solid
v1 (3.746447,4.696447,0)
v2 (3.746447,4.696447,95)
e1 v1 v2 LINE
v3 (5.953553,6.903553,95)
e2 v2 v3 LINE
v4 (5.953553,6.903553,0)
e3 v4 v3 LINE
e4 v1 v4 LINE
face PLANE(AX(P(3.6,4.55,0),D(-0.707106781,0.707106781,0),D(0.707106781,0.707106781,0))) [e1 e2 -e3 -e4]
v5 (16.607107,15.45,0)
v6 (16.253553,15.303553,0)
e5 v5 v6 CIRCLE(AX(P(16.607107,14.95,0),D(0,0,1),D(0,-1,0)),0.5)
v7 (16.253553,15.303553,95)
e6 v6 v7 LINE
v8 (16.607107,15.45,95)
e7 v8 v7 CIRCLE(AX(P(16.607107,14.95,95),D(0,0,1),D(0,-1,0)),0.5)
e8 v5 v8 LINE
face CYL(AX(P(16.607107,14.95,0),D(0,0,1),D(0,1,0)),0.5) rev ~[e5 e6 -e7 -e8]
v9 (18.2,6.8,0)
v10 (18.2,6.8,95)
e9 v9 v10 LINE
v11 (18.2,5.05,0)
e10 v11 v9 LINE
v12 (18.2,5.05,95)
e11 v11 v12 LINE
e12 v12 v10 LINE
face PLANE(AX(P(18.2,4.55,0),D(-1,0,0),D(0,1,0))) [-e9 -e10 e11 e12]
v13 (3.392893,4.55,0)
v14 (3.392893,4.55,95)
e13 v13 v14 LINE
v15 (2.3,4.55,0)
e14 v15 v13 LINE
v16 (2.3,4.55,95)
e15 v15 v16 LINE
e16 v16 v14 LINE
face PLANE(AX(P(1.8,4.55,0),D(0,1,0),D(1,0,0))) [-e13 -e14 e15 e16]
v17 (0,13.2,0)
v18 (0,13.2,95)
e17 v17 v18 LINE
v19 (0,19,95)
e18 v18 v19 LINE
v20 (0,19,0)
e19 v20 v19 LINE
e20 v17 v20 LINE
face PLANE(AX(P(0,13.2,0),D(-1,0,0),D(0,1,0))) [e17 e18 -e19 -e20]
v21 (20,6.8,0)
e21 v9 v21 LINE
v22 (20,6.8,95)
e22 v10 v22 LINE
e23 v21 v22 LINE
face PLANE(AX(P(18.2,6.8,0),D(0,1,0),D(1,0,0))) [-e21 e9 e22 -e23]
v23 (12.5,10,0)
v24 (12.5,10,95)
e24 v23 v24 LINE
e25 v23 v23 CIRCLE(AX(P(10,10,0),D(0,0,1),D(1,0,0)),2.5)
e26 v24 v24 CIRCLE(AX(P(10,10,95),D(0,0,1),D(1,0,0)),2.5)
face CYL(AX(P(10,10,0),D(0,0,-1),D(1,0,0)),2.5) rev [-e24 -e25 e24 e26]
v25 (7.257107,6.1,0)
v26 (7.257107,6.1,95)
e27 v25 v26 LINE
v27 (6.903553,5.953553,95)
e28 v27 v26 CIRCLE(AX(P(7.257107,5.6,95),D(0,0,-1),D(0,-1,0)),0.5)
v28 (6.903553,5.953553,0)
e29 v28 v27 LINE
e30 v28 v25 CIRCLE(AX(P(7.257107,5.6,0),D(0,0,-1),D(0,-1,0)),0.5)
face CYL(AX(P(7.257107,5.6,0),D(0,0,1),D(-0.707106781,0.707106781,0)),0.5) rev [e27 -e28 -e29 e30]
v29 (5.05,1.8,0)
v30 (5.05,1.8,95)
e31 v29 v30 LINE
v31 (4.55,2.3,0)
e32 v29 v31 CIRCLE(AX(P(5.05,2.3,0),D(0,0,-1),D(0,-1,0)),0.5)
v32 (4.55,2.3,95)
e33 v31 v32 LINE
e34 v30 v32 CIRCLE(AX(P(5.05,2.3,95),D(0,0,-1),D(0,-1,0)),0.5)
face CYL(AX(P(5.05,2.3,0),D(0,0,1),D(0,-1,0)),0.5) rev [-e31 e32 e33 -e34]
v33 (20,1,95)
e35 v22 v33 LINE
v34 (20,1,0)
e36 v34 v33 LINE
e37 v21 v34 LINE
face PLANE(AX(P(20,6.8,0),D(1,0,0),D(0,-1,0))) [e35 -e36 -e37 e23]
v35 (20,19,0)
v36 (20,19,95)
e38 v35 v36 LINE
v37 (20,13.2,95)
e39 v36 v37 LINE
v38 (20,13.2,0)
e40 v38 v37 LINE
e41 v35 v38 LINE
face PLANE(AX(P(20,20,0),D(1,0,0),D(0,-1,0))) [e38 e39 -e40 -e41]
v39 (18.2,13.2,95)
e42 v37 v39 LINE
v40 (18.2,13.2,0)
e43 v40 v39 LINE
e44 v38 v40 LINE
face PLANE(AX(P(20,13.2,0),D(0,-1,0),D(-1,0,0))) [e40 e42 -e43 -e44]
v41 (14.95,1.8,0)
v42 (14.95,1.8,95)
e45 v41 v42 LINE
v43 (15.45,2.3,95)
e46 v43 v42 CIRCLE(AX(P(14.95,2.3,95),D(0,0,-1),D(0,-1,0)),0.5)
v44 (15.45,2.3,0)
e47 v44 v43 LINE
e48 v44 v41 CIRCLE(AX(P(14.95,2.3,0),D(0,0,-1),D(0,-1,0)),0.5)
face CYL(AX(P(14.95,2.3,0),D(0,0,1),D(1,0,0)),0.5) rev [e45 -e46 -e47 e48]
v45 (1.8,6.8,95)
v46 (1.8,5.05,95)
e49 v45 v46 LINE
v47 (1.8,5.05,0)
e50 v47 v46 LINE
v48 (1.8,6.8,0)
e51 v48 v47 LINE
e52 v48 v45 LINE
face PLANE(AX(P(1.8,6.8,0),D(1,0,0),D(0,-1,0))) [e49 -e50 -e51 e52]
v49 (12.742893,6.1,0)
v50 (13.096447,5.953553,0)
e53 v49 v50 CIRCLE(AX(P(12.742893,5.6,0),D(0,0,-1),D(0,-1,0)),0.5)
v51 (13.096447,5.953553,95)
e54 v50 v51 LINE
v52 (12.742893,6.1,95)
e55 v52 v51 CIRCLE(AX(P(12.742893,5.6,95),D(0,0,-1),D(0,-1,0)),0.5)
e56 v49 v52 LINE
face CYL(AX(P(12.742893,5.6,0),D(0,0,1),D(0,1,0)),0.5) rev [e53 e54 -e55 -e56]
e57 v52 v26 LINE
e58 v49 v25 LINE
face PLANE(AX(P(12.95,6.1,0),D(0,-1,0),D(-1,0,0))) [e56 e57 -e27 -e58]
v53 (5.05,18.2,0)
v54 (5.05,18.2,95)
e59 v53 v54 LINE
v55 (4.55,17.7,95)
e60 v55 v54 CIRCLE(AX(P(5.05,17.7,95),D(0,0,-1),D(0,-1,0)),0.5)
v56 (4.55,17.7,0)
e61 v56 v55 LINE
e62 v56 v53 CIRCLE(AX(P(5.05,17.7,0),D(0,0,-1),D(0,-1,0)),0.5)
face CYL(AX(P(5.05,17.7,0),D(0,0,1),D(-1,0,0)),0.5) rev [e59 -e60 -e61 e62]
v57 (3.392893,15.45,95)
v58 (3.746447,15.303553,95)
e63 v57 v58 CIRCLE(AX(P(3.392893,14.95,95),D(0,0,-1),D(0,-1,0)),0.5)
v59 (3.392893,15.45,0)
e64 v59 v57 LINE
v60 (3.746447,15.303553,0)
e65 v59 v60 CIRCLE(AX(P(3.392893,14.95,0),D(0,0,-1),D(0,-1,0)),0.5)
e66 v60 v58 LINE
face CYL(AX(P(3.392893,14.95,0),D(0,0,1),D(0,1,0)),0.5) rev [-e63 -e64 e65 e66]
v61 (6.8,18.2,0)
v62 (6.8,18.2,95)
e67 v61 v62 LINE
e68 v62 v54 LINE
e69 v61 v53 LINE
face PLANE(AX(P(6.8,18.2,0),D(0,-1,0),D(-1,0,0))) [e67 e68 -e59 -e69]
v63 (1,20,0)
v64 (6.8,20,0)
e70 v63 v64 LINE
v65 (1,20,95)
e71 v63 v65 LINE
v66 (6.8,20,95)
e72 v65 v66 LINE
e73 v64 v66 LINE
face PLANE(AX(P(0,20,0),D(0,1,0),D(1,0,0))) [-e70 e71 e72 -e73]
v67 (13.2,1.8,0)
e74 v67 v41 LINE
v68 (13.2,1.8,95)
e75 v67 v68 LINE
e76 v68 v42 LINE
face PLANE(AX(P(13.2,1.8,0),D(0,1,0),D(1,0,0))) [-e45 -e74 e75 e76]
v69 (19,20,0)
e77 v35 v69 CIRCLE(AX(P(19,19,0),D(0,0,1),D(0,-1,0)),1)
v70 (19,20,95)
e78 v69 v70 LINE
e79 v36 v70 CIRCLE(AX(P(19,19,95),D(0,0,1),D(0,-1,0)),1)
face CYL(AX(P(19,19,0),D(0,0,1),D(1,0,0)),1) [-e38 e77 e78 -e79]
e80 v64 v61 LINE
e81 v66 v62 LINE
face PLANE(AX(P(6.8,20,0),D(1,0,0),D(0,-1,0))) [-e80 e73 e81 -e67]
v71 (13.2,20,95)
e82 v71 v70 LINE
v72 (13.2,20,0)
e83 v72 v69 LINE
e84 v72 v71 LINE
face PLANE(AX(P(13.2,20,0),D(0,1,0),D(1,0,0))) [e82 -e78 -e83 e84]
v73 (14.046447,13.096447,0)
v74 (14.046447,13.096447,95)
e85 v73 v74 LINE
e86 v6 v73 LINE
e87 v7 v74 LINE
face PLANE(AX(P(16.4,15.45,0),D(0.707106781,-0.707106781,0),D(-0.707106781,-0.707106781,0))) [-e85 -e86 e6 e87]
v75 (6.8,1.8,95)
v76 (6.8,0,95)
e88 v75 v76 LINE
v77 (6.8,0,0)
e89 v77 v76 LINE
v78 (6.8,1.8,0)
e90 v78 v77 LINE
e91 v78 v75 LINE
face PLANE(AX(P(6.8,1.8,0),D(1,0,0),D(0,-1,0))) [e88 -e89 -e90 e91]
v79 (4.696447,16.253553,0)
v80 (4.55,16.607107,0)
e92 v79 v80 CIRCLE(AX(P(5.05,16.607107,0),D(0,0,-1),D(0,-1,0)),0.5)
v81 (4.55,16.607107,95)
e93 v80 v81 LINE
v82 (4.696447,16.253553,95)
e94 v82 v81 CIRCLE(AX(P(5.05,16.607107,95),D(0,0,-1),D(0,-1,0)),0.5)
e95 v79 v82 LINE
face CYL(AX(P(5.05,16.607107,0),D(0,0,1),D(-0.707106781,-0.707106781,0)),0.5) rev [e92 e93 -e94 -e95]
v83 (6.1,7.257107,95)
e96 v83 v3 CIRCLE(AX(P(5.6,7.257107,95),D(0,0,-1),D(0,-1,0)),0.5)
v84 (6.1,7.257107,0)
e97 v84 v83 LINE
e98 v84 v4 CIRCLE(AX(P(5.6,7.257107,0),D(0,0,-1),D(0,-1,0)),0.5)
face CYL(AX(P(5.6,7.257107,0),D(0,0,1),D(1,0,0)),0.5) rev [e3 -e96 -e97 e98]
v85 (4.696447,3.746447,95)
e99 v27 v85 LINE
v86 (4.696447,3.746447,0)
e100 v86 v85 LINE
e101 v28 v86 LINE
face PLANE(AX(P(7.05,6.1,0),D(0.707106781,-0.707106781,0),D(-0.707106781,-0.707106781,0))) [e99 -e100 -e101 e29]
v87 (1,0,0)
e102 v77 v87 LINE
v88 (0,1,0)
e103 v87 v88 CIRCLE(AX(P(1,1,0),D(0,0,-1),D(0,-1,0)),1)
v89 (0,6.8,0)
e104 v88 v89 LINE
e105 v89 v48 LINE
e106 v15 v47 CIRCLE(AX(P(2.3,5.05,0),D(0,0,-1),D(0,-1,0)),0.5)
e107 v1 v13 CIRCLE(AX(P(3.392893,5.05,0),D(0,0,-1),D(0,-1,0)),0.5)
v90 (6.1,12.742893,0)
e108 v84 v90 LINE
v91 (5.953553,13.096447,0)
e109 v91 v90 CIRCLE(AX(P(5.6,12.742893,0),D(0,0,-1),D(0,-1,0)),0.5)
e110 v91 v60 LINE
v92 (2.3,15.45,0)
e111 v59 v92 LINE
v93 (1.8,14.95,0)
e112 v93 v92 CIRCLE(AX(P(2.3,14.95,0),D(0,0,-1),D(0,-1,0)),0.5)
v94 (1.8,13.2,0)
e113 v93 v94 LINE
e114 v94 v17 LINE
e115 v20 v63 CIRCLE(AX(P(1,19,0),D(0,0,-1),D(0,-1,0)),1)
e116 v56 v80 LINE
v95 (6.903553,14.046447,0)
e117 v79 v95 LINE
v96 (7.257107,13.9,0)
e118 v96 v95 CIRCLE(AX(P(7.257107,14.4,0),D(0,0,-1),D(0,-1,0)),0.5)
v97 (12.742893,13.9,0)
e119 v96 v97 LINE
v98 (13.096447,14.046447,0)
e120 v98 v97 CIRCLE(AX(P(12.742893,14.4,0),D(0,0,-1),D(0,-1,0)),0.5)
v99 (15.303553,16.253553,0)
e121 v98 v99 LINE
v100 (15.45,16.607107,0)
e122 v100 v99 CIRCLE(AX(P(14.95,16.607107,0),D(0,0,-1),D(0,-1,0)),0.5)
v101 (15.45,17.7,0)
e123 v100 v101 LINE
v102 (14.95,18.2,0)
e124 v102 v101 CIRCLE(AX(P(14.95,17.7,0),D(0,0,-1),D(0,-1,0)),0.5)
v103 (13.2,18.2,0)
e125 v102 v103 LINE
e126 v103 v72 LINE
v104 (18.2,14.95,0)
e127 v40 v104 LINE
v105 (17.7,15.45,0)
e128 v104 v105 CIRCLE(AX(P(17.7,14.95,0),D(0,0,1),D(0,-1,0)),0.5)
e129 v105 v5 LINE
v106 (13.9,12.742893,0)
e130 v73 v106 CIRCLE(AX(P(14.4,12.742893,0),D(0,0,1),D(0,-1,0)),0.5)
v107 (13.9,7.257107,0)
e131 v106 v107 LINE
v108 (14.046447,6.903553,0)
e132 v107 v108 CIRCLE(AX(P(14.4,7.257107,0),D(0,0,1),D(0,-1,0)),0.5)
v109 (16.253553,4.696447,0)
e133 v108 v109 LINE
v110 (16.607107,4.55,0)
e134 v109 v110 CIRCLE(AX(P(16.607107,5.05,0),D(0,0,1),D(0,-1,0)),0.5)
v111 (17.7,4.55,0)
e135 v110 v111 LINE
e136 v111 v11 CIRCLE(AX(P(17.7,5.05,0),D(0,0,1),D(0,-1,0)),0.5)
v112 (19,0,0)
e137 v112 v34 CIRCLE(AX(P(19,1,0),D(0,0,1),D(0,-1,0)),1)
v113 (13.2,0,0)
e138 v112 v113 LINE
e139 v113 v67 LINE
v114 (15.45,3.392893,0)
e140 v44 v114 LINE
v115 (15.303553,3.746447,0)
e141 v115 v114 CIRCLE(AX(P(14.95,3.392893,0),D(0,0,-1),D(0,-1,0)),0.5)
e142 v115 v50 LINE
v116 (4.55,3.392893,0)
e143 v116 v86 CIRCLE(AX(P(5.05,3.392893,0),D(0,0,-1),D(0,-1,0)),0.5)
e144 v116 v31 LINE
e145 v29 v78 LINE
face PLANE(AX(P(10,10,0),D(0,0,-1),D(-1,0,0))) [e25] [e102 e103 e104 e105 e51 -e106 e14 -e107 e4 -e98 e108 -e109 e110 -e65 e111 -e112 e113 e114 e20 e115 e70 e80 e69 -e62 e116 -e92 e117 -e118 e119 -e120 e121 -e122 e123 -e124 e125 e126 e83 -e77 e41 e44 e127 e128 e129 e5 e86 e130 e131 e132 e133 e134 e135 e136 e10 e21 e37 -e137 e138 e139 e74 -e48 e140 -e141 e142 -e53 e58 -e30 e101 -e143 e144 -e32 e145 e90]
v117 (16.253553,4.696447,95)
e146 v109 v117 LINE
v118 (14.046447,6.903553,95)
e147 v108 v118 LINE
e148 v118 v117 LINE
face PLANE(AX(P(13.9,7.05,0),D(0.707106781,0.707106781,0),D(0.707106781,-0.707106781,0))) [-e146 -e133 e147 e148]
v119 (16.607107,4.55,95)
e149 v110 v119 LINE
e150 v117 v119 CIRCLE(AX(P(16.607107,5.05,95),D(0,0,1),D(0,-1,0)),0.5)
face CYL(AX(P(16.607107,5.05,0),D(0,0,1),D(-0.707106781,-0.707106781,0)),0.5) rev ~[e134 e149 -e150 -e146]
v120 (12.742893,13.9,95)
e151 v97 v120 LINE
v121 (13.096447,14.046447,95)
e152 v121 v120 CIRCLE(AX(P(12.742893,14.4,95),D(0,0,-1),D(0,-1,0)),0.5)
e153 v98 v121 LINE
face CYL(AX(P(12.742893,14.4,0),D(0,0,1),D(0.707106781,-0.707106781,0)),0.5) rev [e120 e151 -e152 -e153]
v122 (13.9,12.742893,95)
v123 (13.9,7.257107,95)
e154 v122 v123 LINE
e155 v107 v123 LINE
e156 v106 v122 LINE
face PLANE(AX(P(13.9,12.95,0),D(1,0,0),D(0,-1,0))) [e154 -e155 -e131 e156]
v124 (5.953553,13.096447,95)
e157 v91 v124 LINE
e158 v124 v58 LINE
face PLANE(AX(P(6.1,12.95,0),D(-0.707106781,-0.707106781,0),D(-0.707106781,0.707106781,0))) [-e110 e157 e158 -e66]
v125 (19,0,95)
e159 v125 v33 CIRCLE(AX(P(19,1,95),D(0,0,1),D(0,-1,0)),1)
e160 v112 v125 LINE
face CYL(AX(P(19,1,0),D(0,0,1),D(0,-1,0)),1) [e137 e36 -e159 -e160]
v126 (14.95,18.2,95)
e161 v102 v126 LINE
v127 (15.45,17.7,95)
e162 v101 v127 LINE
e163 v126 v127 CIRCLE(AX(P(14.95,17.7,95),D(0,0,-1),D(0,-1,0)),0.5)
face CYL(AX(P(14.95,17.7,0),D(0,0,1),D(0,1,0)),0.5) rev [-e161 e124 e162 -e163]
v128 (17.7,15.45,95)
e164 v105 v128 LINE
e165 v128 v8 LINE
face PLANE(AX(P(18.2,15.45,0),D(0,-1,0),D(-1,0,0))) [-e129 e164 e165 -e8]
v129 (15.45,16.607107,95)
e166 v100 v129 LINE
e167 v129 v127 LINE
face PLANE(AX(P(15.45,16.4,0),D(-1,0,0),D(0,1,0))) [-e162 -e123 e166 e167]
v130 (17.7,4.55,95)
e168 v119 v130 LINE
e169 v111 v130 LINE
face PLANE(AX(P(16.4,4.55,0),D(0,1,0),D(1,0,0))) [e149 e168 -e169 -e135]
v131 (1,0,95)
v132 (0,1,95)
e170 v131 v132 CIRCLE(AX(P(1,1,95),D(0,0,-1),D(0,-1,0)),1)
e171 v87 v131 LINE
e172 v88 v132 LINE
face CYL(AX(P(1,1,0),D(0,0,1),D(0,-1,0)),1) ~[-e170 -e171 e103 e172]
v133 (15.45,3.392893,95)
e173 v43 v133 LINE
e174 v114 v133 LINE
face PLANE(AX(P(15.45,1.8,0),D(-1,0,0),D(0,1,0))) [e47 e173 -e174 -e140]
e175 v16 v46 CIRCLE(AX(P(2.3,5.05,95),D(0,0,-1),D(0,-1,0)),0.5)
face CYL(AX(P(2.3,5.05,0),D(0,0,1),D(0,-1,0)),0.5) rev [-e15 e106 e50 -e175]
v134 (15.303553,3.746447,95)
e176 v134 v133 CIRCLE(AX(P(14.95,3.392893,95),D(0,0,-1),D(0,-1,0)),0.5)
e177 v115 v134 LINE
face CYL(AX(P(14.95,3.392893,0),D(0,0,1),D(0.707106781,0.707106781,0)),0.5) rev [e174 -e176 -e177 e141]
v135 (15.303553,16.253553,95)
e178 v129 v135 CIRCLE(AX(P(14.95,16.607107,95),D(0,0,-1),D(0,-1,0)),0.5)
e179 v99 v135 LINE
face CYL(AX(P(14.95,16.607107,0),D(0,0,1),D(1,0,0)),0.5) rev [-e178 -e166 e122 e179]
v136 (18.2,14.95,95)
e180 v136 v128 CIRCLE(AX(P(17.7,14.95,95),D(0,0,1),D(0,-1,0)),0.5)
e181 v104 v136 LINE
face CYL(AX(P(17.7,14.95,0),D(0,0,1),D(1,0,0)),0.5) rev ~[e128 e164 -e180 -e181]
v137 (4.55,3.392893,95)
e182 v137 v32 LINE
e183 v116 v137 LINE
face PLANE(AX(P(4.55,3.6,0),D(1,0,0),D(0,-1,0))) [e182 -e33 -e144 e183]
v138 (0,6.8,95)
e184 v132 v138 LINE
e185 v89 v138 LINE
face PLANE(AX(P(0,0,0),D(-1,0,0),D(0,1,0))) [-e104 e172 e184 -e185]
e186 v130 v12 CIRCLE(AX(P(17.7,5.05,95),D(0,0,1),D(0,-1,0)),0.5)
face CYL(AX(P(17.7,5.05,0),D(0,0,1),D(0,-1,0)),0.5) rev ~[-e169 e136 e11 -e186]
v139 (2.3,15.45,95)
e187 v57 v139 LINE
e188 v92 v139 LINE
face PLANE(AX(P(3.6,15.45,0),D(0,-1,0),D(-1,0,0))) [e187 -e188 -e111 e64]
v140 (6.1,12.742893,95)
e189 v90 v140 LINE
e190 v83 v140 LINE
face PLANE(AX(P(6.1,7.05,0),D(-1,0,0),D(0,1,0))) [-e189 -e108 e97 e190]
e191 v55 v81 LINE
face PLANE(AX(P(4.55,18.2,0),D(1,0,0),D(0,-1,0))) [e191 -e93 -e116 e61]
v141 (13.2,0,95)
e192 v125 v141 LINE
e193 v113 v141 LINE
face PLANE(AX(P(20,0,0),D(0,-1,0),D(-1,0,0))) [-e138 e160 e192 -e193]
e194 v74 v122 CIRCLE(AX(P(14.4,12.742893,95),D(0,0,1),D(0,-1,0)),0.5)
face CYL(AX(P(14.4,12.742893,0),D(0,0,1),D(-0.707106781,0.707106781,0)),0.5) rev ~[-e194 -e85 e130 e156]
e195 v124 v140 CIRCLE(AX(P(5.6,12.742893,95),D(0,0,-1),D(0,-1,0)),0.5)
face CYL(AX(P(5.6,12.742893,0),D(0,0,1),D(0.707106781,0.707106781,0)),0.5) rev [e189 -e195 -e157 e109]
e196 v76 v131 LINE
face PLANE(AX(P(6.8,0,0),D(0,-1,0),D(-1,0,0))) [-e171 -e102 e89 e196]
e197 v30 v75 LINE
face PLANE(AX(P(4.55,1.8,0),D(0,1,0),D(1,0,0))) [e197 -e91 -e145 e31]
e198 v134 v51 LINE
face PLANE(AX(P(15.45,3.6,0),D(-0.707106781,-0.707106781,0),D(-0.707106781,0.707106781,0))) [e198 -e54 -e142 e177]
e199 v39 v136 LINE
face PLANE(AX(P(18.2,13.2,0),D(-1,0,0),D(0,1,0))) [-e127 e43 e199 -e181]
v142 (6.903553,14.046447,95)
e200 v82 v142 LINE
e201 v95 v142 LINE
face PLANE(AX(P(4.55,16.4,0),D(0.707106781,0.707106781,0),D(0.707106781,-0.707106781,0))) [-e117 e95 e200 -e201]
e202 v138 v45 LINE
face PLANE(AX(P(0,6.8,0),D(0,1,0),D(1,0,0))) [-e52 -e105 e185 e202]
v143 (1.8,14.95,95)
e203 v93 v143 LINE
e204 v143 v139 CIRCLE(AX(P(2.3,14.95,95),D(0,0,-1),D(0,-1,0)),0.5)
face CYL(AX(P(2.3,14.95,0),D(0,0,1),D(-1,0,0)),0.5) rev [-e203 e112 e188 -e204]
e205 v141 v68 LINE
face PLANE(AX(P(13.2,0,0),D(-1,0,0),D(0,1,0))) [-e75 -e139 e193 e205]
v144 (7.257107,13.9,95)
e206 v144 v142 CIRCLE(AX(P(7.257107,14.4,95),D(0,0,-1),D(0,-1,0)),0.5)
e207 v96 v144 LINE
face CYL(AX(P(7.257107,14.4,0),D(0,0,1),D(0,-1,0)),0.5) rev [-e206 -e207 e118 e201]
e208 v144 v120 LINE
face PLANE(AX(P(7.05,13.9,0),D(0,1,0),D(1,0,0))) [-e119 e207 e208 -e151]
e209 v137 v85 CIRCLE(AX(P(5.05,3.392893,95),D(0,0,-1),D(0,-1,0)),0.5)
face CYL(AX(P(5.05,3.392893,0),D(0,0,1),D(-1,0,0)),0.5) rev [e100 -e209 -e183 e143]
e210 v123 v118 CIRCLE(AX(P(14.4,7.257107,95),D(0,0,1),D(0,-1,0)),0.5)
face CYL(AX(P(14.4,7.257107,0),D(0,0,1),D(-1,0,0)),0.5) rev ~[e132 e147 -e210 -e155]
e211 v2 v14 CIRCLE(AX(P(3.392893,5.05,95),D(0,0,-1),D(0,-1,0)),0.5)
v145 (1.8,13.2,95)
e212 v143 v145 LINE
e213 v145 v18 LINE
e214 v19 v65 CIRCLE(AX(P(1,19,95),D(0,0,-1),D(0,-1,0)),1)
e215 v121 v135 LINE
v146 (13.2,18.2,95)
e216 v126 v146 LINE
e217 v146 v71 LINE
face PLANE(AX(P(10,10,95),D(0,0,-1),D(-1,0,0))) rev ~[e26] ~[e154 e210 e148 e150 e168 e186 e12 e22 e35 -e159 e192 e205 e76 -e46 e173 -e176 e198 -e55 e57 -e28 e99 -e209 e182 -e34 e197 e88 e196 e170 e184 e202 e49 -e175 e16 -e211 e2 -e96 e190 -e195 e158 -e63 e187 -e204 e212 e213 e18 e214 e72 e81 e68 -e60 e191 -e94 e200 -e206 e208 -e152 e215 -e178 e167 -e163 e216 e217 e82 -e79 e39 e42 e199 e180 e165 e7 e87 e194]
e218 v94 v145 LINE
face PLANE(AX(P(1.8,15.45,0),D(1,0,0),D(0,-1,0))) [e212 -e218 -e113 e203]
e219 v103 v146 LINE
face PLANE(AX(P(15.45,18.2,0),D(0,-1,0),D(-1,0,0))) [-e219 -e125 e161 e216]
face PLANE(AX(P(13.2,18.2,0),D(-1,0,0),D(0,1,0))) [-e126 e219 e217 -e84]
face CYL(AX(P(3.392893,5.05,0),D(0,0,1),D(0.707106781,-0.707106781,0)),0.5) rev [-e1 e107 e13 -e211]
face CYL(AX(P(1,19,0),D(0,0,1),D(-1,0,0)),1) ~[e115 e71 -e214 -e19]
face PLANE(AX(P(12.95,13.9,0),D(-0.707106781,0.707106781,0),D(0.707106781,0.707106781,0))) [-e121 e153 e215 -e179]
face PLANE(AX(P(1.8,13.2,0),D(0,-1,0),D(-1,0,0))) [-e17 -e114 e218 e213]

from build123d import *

# Parameters (mm, degrees)
SKETCH1_R           = 2.5
BOSS_EXTRUDE1_DEPTH = 95
FILLET1_R           = 1
FILLET2_R           = 0.5
FILLET3_R           = 0.5
FILLET4_R           = 0.5
FILLET5_R           = 0.5


with BuildPart() as part:
    # Sketch1 → Boss-Extrude1 (new body)
    with BuildSketch(Plane.XY):
        Polygon((13.2, 0), (13.2, 1.8), (15.45, 1.8), (15.45, 3.6), (12.95, 6.1), (7.05, 6.1), (4.55, 3.6), (4.55, 1.8), (6.8, 1.8), (6.8, 0), (0, 0), (0, 6.8), (1.8, 6.8), (1.8, 4.55), (3.6, 4.55), (6.1, 7.05), (6.1, 12.95), (3.6, 15.45), (1.8, 15.45), (1.8, 13.2), (0, 13.2), (0, 20), (6.8, 20), (6.8, 18.2), (4.55, 18.2), (4.55, 16.4), (7.05, 13.9), (12.95, 13.9), (15.45, 16.4), (15.45, 18.2), (13.2, 18.2), (13.2, 20), (20, 20), (20, 13.2), (18.2, 13.2), (18.2, 15.45), (16.4, 15.45), (13.9, 12.95), (13.9, 7.05), (16.4, 4.55), (18.2, 4.55), (18.2, 6.8), (20, 6.8), (20, 0), align=None)
        with Locations((10, 10)):
            Circle(SKETCH1_R, mode=Mode.SUBTRACT)
    extrude(amount=BOSS_EXTRUDE1_DEPTH)

    # Fillet1
    fillet1_edges = [part.edges().sort_by_distance(p)[0] for p in [
        (0, 0, 47.5),
        (0, 20, 47.5),
        (20, 20, 47.5),
        (20, 0, 47.5),
    ]]
    fillet(fillet1_edges, radius=FILLET1_R)

    # Fillet2
    fillet2_edges = [part.edges().sort_by_distance(p)[0] for p in [
        (4.55, 18.2, 47.5),
        (4.55, 16.4, 47.5),
        (7.05, 13.9, 47.5),
        (12.95, 13.9, 47.5),
        (15.45, 16.4, 47.5),
        (15.45, 18.2, 47.5),
    ]]
    fillet(fillet2_edges, radius=FILLET2_R)

    # Fillet3
    fillet3_edges = [part.edges().sort_by_distance(p)[0] for p in [
        (18.2, 15.45, 47.5),
        (16.4, 15.45, 47.5),
        (13.9, 12.95, 47.5),
        (13.9, 7.05, 47.5),
        (16.4, 4.55, 47.5),
        (18.2, 4.55, 47.5),
    ]]
    fillet(fillet3_edges, radius=FILLET3_R)

    # Fillet4
    fillet4_edges = [part.edges().sort_by_distance(p)[0] for p in [
        (1.8, 4.55, 47.5),
        (3.6, 4.55, 47.5),
        (6.1, 7.05, 47.5),
        (6.1, 12.95, 47.5),
        (3.6, 15.45, 47.5),
        (1.8, 15.45, 47.5),
    ]]
    fillet(fillet4_edges, radius=FILLET4_R)

    # Fillet5
    fillet5_edges = [part.edges().sort_by_distance(p)[0] for p in [
        (15.45, 1.8, 47.5),
        (15.45, 3.6, 47.5),
        (12.95, 6.1, 47.5),
        (7.05, 6.1, 47.5),
        (4.55, 3.6, 47.5),
        (4.55, 1.8, 47.5),
    ]]
    fillet(fillet5_edges, radius=FILLET5_R)


solid = part.part
